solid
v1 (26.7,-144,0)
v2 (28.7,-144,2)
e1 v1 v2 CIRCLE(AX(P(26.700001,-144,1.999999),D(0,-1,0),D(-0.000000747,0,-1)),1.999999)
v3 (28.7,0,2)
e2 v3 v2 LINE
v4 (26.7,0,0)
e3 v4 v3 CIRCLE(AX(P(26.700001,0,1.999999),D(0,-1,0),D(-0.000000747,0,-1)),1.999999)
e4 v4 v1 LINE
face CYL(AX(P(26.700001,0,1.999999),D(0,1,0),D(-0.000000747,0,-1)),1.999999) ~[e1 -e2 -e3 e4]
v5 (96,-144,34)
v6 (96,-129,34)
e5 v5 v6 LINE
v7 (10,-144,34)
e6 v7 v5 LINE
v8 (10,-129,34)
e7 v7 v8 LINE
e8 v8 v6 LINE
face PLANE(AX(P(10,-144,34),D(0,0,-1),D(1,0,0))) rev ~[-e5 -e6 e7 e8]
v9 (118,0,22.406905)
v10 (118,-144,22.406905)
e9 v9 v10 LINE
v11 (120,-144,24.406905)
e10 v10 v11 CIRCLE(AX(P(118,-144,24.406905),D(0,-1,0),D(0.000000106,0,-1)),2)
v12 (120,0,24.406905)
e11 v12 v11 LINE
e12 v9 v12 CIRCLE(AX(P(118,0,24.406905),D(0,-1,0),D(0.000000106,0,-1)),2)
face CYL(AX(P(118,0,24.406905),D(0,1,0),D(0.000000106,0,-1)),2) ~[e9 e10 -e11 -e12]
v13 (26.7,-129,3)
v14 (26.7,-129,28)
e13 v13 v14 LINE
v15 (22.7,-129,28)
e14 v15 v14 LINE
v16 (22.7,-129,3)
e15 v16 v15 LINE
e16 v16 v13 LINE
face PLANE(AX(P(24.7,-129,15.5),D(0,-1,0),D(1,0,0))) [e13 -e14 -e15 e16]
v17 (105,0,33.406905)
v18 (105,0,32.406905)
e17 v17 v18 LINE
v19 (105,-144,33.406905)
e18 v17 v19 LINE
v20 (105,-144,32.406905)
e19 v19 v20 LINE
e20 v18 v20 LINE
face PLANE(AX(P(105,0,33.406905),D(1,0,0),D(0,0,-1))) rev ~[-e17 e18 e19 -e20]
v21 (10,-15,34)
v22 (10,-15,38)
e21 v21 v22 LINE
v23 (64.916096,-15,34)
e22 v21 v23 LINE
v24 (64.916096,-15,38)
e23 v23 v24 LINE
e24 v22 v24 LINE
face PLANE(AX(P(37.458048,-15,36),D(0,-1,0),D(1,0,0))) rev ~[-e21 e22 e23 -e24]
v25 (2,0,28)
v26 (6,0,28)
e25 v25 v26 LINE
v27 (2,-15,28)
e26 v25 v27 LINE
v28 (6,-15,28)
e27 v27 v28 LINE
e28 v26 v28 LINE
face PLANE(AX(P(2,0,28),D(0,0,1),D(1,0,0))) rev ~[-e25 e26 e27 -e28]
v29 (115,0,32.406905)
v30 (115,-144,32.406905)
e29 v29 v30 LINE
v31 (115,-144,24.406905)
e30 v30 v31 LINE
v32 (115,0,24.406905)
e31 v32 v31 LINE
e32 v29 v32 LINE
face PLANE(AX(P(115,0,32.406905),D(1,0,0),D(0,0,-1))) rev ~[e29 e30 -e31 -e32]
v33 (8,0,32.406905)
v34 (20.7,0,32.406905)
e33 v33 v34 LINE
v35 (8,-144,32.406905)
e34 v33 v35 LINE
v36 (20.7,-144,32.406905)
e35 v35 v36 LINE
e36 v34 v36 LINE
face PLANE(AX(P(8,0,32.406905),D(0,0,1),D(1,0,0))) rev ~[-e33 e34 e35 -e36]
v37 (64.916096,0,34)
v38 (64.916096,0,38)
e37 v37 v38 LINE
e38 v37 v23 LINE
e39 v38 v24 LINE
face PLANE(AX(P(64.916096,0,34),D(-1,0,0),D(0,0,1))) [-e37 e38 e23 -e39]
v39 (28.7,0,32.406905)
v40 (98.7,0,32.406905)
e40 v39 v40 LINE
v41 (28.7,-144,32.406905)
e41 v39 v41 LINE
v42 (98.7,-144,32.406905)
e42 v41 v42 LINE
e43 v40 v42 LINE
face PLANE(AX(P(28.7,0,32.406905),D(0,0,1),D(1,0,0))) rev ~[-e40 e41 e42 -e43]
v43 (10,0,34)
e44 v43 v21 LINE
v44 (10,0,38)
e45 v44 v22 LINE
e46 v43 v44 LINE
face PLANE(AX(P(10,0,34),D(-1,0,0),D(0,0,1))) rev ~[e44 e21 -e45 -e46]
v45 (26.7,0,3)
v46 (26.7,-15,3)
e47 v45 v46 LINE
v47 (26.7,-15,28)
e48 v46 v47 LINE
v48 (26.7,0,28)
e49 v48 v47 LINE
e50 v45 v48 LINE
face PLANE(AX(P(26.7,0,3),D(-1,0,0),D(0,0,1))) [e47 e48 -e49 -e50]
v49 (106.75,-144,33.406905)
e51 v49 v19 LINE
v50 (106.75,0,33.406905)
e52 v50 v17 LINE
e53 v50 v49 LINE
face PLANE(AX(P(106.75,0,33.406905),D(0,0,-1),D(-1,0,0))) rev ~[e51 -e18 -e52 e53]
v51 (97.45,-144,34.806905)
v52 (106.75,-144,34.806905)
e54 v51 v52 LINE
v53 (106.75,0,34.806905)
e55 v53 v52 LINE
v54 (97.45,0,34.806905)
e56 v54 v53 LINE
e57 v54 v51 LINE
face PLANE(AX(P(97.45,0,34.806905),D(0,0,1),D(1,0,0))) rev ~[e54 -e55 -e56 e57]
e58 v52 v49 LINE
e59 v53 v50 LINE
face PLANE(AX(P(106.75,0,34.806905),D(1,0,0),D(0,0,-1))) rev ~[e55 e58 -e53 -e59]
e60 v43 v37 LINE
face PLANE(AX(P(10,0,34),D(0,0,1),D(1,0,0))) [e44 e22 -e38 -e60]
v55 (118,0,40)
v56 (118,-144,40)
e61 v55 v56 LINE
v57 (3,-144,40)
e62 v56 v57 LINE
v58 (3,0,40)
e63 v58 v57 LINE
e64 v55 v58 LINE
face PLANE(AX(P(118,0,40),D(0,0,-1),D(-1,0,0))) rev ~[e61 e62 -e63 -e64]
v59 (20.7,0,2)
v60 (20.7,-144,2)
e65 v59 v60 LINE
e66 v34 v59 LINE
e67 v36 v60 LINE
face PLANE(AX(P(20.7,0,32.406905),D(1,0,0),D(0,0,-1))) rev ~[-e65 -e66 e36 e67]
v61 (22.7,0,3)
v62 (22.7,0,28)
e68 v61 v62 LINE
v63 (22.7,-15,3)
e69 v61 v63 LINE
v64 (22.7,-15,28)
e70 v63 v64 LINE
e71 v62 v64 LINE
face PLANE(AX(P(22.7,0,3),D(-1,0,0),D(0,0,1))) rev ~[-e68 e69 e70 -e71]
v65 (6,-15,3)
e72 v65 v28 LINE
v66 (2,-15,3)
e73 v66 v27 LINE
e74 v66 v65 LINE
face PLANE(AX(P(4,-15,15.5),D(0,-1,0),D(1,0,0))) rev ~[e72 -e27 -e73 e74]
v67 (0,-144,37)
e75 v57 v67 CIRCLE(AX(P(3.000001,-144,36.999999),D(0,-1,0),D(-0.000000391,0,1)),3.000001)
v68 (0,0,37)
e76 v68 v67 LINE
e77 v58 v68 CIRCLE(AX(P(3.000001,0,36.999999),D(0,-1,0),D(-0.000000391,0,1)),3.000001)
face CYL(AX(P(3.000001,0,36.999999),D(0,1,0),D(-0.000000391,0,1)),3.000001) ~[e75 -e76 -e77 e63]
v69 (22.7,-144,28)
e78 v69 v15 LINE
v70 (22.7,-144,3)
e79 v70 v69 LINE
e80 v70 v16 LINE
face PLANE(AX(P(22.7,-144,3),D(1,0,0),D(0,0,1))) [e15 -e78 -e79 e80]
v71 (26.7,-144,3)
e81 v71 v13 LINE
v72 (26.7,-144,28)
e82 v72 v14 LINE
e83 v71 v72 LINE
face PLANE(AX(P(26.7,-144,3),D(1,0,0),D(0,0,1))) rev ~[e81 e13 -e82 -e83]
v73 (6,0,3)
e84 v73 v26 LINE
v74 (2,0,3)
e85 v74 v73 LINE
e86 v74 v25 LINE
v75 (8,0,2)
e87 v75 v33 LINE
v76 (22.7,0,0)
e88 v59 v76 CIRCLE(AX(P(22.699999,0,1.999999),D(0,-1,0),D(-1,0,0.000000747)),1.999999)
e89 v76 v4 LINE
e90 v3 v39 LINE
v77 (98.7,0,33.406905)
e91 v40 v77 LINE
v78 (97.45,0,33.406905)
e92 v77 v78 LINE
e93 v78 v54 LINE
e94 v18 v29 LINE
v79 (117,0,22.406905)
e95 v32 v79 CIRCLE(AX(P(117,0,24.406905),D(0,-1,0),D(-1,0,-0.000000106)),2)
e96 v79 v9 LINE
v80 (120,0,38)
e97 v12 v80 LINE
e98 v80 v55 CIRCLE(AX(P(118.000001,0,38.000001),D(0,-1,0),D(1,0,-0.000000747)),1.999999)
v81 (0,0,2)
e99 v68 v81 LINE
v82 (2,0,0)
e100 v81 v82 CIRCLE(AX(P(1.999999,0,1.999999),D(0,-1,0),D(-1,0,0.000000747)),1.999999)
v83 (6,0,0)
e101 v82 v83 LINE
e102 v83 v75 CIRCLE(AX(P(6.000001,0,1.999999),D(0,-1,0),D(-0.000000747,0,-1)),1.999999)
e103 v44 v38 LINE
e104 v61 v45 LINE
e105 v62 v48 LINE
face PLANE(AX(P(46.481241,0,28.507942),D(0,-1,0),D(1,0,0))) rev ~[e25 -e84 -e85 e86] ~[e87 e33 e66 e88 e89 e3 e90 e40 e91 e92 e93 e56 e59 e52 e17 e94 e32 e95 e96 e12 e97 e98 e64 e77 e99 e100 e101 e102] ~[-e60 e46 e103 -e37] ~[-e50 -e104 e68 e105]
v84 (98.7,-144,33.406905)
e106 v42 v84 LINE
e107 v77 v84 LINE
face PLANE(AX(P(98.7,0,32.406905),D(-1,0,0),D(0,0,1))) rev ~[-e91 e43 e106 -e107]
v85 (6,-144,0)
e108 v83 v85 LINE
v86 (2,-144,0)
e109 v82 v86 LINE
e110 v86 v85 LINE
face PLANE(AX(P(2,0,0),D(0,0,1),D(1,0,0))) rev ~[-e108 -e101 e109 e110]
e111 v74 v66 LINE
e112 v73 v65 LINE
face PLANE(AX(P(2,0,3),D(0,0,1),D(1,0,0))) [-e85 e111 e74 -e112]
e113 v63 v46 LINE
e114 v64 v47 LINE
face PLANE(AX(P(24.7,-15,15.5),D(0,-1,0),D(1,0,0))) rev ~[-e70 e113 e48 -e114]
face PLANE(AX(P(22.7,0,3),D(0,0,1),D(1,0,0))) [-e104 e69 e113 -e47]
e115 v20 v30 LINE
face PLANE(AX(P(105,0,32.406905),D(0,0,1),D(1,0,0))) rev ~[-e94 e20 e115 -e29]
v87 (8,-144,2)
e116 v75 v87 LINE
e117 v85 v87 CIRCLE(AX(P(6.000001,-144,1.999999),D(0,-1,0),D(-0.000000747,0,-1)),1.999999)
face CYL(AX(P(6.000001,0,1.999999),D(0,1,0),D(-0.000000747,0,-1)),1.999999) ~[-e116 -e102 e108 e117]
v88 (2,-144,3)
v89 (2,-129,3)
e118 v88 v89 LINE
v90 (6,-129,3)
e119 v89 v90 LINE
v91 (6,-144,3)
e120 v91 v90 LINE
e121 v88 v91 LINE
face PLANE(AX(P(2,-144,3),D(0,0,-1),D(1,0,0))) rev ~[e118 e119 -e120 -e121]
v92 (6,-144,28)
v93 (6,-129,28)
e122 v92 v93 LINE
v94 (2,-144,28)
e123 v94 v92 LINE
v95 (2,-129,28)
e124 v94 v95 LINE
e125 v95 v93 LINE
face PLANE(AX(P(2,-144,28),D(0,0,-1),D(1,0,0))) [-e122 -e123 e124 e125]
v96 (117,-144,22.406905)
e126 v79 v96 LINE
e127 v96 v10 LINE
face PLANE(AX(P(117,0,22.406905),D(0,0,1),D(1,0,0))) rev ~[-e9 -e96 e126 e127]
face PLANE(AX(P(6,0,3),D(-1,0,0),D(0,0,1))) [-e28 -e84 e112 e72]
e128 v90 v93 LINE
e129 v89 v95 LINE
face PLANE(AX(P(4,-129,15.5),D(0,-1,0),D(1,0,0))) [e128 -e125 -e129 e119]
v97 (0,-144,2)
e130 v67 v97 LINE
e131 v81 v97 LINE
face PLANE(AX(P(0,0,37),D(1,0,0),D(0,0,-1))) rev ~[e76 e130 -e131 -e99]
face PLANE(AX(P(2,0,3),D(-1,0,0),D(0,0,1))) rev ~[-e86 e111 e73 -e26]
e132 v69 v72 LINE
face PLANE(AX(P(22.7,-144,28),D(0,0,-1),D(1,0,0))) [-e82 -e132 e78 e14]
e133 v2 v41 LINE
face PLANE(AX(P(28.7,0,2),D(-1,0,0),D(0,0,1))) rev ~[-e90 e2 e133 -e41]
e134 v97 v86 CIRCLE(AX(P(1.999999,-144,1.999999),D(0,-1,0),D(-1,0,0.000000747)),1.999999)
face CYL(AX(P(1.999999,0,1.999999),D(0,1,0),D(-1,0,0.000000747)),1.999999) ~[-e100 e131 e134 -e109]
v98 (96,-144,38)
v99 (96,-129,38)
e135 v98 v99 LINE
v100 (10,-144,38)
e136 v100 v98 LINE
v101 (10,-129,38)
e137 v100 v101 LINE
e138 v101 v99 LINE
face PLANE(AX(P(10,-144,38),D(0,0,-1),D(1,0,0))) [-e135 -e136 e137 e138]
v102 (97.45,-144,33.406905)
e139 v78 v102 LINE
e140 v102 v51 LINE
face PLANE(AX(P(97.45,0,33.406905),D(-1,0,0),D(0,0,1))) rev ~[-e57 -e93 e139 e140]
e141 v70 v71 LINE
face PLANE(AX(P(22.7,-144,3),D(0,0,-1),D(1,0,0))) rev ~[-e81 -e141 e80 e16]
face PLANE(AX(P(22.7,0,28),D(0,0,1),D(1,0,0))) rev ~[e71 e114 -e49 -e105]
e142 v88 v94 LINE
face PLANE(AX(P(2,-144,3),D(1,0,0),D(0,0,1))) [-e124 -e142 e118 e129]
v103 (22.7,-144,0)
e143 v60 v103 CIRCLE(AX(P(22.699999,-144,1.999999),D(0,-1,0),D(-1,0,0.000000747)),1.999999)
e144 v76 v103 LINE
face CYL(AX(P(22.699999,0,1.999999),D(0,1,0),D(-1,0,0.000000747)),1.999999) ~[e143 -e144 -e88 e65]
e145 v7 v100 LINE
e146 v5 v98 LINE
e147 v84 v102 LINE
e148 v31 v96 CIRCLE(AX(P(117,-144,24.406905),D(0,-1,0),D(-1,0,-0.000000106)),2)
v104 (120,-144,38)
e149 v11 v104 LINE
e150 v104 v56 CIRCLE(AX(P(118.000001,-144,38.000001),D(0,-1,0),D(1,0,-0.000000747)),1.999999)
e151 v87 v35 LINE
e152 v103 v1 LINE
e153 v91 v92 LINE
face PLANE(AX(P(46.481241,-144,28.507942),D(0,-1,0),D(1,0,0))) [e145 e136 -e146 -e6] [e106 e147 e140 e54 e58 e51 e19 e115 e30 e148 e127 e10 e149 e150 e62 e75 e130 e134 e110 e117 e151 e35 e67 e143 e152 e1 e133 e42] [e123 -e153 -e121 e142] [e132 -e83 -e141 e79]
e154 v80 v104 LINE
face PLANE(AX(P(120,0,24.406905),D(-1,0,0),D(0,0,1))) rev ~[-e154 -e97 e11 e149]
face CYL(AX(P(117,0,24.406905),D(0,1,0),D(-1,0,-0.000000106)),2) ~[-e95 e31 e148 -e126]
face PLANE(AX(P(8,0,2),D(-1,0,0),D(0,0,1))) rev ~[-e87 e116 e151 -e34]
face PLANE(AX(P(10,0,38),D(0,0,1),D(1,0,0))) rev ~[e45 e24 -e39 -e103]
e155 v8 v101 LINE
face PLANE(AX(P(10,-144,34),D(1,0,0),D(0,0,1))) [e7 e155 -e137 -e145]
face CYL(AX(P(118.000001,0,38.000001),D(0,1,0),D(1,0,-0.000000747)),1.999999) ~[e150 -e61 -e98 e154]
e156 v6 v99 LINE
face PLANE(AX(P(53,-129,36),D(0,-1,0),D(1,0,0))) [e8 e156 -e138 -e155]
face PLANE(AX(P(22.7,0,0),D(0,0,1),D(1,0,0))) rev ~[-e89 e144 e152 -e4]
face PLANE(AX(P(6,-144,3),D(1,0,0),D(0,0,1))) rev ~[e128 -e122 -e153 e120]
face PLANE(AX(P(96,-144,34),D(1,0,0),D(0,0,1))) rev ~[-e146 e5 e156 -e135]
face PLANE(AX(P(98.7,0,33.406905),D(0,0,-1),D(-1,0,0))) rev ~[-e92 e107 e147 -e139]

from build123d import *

# Parameters (mm, degrees)
F1_DEPTH = 144
F2_W     = 86
F2_H     = 4
F2_W_2   = 4
F2_H_2   = 25
F3_DEPTH = 15
F4_W     = 54.916096
F4_H     = 4
F4_W_2   = 4
F4_H_2   = 25
F5_DEPTH = 15


with BuildPart() as f1:
    # F0 (on Front) → F1 (new body)
    with BuildSketch(Plane.XZ):
        with BuildLine():
            Line((0, 37), (0, 2))
            ThreePointArc((0, 2), (0.585786, 0.585786), (2, 0))
            Line((2, 0), (6, 0))
            ThreePointArc((6, 0), (7.414214, 0.585786), (8, 2))
            Line((8, 2), (8, 32.406905))
            Line((8, 32.406905), (20.7, 32.406905))
            Line((20.7, 32.406905), (20.7, 2))
            ThreePointArc((20.7, 2), (21.285786, 0.585786), (22.7, 0))
            Line((22.7, 0), (26.7, 0))
            ThreePointArc((26.7, 0), (28.114214, 0.585786), (28.7, 2))
            Line((28.7, 2), (28.7, 32.406905))
            Line((28.7, 32.406905), (98.7, 32.406905))
            Line((98.7, 32.406905), (98.7, 33.406905))
            Line((98.7, 33.406905), (97.45, 33.406905))
            Line((97.45, 33.406905), (97.45, 34.806905))
            Line((97.45, 34.806905), (106.75, 34.806905))
            Line((106.75, 34.806905), (106.75, 33.406905))
            Line((106.75, 33.406905), (105, 33.406905))
            Line((105, 33.406905), (105, 32.406905))
            Line((105, 32.406905), (115, 32.406905))
            Line((115, 32.406905), (120, 32.406905))
            Line((120, 32.406905), (120, 38))
            ThreePointArc((120, 38), (119.414214, 39.414214), (118, 40))
            Line((118, 40), (3, 40))
            ThreePointArc((3, 40), (0.87868, 39.12132), (0, 37))
        make_face()
        with BuildLine():
            Line((120, 24.406905), (120, 32.406905))
            Line((120, 32.406905), (115, 32.406905))
            Line((115, 32.406905), (115, 24.406905))
            ThreePointArc((115, 24.406905), (115.585786, 22.992692), (117, 22.406905))
            Line((117, 22.406905), (118, 22.406905))
            ThreePointArc((118, 22.406905), (119.414214, 22.992692), (120, 24.406905))
        make_face()
    extrude(amount=F1_DEPTH)

    # F2 (on face) → F3 (cut)
    with BuildSketch(Plane.XZ.offset(144)):
        with Locations((53, 36)):
            Rectangle(F2_W, F2_H)
        with Locations((4, 15.5)):
            Rectangle(F2_W_2, F2_H_2)
        with Locations((24.7, 15.5)):
            Rectangle(F2_W_2, F2_H_2)
    extrude(amount=-F3_DEPTH, mode=Mode.SUBTRACT)

    # F4 (on Front) → F5 (cut)
    with BuildSketch(Plane.XZ):
        with Locations((37.458048, 36)):
            Rectangle(F4_W, F4_H)
        with Locations((4, 15.5)):
            Rectangle(F4_W_2, F4_H_2)
        with Locations((24.7, 15.5)):
            Rectangle(F4_W_2, F4_H_2)
    extrude(amount=F5_DEPTH, mode=Mode.SUBTRACT)


solid = f1.part
